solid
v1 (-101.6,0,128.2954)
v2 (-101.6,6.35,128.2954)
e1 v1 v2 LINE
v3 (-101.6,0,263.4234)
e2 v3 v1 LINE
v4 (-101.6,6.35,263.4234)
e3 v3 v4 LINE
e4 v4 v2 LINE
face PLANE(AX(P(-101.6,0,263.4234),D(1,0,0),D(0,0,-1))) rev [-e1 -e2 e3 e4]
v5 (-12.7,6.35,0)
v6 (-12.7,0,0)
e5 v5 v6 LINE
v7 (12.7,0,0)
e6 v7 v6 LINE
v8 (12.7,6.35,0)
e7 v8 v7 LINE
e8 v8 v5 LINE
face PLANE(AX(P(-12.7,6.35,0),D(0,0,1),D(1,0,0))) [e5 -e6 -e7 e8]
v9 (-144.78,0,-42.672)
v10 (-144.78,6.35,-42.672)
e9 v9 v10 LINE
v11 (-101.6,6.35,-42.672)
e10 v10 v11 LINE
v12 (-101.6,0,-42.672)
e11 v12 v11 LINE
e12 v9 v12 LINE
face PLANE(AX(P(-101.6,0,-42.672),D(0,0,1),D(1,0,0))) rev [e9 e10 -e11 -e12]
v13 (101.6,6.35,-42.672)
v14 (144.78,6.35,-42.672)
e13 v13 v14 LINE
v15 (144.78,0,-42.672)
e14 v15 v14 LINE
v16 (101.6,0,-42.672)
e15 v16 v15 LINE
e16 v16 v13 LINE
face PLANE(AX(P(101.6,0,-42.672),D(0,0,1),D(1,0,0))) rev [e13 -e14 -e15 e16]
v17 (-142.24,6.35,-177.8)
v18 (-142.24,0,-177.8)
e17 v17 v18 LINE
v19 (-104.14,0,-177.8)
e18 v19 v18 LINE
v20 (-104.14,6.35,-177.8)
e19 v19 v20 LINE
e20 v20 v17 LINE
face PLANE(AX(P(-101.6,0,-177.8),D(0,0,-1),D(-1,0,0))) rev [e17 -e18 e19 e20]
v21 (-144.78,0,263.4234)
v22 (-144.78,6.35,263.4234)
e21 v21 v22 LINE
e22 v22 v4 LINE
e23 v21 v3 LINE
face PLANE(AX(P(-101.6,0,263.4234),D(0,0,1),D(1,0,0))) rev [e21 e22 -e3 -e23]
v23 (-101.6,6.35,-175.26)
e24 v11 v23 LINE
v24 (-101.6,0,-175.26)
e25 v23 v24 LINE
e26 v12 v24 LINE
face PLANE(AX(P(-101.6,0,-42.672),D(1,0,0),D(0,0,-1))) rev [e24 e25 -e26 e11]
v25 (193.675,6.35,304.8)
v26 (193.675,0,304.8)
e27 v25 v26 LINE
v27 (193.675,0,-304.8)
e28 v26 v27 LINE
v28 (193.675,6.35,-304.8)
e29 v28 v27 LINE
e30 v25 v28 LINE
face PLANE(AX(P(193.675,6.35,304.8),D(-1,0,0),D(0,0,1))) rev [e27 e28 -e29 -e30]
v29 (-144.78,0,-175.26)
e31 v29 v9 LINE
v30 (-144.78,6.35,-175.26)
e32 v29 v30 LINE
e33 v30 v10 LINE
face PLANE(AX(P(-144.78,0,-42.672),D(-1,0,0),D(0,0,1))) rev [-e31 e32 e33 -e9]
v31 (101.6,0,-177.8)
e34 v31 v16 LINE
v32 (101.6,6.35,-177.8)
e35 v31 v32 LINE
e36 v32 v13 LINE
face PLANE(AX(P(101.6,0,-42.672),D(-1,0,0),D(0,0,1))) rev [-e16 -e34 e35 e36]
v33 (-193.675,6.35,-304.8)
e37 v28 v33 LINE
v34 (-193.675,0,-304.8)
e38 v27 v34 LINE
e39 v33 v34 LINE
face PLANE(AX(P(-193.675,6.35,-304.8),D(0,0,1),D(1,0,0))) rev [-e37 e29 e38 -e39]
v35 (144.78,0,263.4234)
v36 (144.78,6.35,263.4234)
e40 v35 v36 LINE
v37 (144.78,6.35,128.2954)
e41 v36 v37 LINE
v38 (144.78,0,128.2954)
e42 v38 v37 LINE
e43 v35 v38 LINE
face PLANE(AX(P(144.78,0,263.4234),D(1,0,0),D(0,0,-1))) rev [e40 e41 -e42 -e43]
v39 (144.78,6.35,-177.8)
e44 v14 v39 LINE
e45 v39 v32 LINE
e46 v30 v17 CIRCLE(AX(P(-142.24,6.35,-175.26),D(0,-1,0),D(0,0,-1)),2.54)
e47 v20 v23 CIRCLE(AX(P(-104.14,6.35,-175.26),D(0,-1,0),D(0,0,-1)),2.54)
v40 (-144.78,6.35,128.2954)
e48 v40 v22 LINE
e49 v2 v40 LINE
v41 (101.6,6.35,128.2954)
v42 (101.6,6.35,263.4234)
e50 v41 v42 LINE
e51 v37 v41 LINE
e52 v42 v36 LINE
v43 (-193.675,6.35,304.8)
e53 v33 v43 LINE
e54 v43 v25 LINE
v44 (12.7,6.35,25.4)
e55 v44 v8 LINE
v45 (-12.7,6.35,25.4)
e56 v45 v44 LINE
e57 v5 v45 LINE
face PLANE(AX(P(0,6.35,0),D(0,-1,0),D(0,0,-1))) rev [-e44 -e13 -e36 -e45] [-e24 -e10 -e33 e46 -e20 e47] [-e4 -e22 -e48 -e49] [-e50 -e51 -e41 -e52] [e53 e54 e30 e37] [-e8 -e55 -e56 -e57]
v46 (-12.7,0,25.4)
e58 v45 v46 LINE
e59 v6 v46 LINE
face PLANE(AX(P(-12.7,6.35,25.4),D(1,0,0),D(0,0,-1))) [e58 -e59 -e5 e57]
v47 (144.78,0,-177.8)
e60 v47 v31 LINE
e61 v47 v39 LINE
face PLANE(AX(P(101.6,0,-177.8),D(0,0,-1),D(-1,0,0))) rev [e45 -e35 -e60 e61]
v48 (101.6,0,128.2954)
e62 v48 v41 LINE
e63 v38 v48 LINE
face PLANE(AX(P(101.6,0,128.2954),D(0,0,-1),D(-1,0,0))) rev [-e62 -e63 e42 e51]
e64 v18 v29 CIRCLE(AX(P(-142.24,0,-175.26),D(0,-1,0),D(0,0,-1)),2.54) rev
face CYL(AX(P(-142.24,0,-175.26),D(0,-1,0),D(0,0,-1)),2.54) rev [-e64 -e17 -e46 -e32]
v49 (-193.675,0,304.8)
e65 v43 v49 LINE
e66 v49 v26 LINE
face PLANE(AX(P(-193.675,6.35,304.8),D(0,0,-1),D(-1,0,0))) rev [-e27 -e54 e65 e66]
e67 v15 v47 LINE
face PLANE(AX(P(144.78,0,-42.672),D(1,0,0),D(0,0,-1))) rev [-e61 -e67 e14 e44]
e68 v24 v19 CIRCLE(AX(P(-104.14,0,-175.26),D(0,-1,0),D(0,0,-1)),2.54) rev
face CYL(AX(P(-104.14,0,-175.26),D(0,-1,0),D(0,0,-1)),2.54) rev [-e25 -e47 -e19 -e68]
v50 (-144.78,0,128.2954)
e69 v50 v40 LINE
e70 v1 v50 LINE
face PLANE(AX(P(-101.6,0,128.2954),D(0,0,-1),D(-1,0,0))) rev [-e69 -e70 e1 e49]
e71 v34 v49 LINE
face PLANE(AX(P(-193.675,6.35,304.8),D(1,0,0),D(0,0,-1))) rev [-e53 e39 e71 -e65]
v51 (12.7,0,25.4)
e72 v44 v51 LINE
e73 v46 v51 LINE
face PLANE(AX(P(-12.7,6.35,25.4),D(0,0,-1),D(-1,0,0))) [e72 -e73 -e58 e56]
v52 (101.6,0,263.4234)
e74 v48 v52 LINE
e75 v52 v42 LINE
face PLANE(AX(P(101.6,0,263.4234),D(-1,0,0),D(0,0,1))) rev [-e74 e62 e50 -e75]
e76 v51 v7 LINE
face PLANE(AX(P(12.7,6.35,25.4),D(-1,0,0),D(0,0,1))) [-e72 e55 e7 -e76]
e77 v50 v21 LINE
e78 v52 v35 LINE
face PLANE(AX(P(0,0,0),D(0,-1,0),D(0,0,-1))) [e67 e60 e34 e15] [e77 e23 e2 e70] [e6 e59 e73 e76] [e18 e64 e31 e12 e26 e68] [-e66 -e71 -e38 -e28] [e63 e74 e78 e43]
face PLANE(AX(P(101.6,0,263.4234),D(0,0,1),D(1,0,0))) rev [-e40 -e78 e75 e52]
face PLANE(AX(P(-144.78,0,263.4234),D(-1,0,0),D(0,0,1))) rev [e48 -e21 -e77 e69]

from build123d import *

# Parameters (mm, degrees)
SKETCH1_W           = 387.35
SKETCH1_H           = 609.6
BOSS_EXTRUDE1_DEPTH = 6.35
SKETCH2_W           = 43.18
SKETCH2_H           = 135.128
CUT_EXTRUDE1_DEPTH  = 362.183288823
SKETCH4_W           = 25.4
SKETCH4_H           = 25.4
CUT_EXTRUDE3_DEPTH  = 362.183288823
FILLET1_R           = 2.54


with BuildPart() as part:
    # Sketch1 → Boss-Extrude1 (new body)
    with BuildSketch(Plane(origin=(0, 0, 0), x_dir=(1, 0, 0), z_dir=(0, 1, 0))):
        Rectangle(SKETCH1_W, SKETCH1_H)
    extrude(amount=BOSS_EXTRUDE1_DEPTH)

    # Sketch2 → Cut-Extrude1 (cut, through all)
    with BuildSketch(Plane(origin=(0, 6.35, 0), x_dir=(1, 0, 0), z_dir=(0, 1, 0))):
        with Locations((123.19, -195.8594)):
            Rectangle(SKETCH2_W, SKETCH2_H)
        with Locations((123.19, 110.236)):
            Rectangle(SKETCH2_W, SKETCH2_H)
        with Locations((-123.19, -195.8594)):
            Rectangle(SKETCH2_W, SKETCH2_H)
        with Locations((-123.19, 110.236)):
            Rectangle(SKETCH2_W, SKETCH2_H)
    extrude(amount=-CUT_EXTRUDE1_DEPTH, mode=Mode.SUBTRACT)

    # Sketch4 → Cut-Extrude3 (cut, through all)
    with BuildSketch(Plane(origin=(0, 0, 0), x_dir=(1, 0, 0), z_dir=(0, 1, 0))):
        with Locations((0, -12.7)):
            Rectangle(SKETCH4_W, SKETCH4_H)
    extrude(amount=CUT_EXTRUDE3_DEPTH, mode=Mode.SUBTRACT)

    # Fillet1
    fillet1_edges = [part.edges().sort_by_distance(p)[0] for p in [
        (-144.78, 3.175, -177.8),
        (-101.6, 3.175, -177.8),
    ]]
    fillet(fillet1_edges, radius=FILLET1_R)


solid = part.part
